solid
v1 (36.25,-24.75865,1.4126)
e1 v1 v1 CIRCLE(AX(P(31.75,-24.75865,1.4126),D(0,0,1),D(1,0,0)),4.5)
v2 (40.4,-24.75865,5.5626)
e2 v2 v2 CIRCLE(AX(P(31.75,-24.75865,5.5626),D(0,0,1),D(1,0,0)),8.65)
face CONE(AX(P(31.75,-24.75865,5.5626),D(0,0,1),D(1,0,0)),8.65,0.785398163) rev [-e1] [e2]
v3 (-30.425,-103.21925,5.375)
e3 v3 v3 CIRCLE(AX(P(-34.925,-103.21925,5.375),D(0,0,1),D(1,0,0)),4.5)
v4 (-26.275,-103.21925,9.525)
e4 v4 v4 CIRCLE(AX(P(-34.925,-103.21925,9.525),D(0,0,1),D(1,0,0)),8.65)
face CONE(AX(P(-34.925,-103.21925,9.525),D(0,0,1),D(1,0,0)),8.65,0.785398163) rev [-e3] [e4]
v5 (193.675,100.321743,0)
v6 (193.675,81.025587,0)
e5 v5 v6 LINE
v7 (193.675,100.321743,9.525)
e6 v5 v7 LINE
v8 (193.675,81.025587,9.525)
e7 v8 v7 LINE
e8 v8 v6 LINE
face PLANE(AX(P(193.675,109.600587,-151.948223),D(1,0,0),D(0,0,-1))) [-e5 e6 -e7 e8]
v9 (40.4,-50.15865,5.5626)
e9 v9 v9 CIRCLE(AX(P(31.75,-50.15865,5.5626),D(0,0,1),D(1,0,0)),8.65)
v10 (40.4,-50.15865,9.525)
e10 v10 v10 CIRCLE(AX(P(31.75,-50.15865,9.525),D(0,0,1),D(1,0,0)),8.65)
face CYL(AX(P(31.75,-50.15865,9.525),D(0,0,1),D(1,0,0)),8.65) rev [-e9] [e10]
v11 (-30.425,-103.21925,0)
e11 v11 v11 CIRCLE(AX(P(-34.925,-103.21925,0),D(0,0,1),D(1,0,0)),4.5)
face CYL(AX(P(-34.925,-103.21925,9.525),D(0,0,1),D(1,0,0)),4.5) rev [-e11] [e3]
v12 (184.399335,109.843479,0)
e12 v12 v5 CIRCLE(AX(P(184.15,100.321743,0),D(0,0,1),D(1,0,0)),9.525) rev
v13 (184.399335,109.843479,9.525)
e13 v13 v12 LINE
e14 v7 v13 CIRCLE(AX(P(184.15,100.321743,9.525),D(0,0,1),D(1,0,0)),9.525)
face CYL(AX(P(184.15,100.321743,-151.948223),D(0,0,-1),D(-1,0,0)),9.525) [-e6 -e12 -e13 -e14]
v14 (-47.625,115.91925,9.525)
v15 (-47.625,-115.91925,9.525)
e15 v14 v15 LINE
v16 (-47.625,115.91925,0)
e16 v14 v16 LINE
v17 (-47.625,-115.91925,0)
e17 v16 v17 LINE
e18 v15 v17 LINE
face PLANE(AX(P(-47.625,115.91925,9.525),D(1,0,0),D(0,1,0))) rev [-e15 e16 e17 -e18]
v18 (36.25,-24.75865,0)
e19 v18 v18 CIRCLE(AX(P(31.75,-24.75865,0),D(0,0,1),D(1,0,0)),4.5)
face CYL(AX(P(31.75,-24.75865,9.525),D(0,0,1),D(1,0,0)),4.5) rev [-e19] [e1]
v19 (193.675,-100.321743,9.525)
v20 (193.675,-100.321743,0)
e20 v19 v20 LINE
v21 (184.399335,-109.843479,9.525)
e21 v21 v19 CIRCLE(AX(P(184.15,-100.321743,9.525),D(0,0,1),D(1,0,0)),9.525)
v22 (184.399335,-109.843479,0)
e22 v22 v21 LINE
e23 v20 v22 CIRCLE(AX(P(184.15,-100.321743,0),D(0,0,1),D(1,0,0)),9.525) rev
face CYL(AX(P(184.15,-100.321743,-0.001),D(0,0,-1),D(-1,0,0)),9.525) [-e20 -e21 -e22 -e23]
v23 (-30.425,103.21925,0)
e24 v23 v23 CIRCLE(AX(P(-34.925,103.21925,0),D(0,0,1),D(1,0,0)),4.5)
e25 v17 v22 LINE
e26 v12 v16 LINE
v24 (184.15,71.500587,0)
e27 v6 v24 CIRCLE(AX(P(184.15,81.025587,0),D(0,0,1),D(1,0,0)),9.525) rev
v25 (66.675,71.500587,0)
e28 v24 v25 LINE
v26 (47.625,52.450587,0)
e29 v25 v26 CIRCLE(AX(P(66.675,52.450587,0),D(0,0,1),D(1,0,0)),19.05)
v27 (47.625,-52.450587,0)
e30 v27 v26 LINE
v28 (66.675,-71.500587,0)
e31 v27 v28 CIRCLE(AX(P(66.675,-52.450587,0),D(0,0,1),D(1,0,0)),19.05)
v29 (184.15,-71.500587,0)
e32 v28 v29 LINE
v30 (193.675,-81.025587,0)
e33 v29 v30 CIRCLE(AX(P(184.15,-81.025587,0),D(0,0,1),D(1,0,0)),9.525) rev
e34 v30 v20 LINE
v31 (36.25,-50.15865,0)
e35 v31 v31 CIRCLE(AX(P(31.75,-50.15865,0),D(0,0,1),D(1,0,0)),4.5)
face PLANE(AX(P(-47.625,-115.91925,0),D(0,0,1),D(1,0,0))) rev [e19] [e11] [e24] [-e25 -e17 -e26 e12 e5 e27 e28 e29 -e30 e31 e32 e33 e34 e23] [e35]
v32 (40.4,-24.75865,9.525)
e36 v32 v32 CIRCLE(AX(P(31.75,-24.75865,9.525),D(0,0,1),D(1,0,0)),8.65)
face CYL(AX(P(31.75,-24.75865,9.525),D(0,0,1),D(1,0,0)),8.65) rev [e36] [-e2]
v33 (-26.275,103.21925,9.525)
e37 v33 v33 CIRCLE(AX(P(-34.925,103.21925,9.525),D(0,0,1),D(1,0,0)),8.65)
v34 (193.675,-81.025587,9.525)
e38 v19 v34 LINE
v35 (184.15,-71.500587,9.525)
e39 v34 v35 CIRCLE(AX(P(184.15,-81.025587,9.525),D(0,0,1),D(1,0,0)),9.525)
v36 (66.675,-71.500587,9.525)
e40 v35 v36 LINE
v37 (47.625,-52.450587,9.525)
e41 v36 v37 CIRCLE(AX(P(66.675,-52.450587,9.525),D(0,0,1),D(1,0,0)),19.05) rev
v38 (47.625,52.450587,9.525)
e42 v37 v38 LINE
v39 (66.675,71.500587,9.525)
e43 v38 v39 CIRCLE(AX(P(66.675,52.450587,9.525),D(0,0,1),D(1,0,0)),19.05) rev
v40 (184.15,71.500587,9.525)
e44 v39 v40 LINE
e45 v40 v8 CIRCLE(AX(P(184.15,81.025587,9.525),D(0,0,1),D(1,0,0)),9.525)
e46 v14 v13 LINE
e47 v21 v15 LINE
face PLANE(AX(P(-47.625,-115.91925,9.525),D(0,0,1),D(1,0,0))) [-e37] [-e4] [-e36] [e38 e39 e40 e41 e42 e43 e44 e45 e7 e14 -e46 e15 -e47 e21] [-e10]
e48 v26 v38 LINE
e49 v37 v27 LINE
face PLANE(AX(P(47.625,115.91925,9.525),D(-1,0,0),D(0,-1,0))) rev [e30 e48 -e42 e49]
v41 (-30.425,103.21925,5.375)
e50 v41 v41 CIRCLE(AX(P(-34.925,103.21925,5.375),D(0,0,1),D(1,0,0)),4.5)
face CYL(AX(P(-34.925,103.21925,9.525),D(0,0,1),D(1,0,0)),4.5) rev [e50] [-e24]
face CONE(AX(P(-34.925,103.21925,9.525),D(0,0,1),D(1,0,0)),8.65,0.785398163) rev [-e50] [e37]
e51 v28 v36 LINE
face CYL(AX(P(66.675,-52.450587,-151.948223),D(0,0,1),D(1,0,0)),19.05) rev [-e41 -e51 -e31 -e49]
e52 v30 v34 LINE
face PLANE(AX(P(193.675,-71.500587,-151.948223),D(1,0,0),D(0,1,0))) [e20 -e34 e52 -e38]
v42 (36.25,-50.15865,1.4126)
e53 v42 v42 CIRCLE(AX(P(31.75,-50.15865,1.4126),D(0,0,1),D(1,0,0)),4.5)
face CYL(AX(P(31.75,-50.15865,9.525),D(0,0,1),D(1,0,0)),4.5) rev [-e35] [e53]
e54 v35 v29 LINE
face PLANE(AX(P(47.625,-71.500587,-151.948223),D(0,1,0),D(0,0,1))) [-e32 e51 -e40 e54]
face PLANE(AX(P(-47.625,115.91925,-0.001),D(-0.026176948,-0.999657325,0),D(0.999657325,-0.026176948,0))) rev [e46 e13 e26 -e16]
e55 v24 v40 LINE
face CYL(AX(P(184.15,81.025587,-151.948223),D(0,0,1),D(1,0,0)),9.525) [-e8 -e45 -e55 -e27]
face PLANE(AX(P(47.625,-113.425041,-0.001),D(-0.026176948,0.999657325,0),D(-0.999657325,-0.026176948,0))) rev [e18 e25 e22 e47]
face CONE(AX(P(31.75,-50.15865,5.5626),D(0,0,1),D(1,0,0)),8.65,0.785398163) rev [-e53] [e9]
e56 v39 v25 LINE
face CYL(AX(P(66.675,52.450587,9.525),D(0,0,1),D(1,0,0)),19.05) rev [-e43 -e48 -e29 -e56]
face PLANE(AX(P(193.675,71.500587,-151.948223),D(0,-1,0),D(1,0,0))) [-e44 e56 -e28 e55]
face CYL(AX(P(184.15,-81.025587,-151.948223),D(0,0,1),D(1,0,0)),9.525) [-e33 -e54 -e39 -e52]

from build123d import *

# Parameters (mm, degrees)
SKETCH1_W                                       = 95.25
SKETCH1_H                                       = 231.8385
EXTRUDE1_DEPTH                                  = 9.525
CSK_FOR_M8_FLAT_HEAD_MACHINE_SCREW1_AT_2_COUNT  = 2
CSK_FOR_M8_FLAT_HEAD_MACHINE_SCREW1_AT_2_PITCH  = 25.4
CSK_FOR_M8_FLAT_HEAD_MACHINE_SCREW2_D           = 9
CSK_FOR_M8_FLAT_HEAD_MACHINE_SCREW2_CSINK_D     = 17.3
CSK_FOR_M8_FLAT_HEAD_MACHINE_SCREW2_CSINK_ANGLE = 90
CUT_EXTRUDE1_REACH                              = 11.525
BOSS_EXTRUDE1_DEPTH                             = 9.525
FILLET1_R                                       = 9.525
FILLET2_R                                       = 19.05


with BuildPart() as part:
    # Sketch1 → Extrude1 (new body)
    with BuildSketch(Plane.XY):
        Rectangle(SKETCH1_W, SKETCH1_H)
    extrude(amount=EXTRUDE1_DEPTH)

    # Sketch2 → CSK for M8 Flat Head Machine Screw1 (revolve, cut)
    with BuildSketch(Plane(origin=(31.75, -50.15865, 9.525), x_dir=(0, -1, 0), z_dir=(1, 0, 0))):
        Polygon((0, 0), (0, 9.525), (4.5, 9.525), (4.5, 8.1124), (8.65, 3.9624), (8.65, 0), align=None)
    csk_for_m8_flat_head_machine_screw1 = revolve(axis=Axis((31.75, -50.15865, 15.875), (0, 0, -1)), mode=Mode.SUBTRACT)

    # CSK for M8 Flat Head Machine Screw1 at 2: CSK for M8 Flat Head Machine Screw1 ×2
    with Locations(*[(0, i * CSK_FOR_M8_FLAT_HEAD_MACHINE_SCREW1_AT_2_PITCH, 0) for i in range(1, CSK_FOR_M8_FLAT_HEAD_MACHINE_SCREW1_AT_2_COUNT)]):
        add(csk_for_m8_flat_head_machine_screw1, mode=Mode.SUBTRACT)

    # CSK for M8 Flat Head Machine Screw2 (through all)
    with Locations(Plane.XY.offset(9.525)):
        with Locations((-34.925, 103.21925), (-34.925, -103.21925)):
            CounterSinkHole(CSK_FOR_M8_FLAT_HEAD_MACHINE_SCREW2_D / 2, CSK_FOR_M8_FLAT_HEAD_MACHINE_SCREW2_CSINK_D / 2, counter_sink_angle=CSK_FOR_M8_FLAT_HEAD_MACHINE_SCREW2_CSINK_ANGLE)

    # Sketch11 → Cut-Extrude1 (cut, up to next)
    with BuildSketch(Plane.XY.offset(9.525), mode=Mode.PRIVATE) as cut_extrude1_sk1:
        Polygon((-47.625, 115.91925), (47.625, 113.425040971), (47.625, 115.91925), align=None)
    cut_extrude1_tool1 = extrude(cut_extrude1_sk1.sketch, amount=-CUT_EXTRUDE1_REACH, mode=Mode.PRIVATE) & part.part
    add(cut_extrude1_tool1.solids().sort_by_distance((15.875, 115.087847, 9.525))[0], mode=Mode.SUBTRACT)
    # Sketch11 → Cut-Extrude1 (cut, up to next)
    with BuildSketch(Plane.XY.offset(9.525), mode=Mode.PRIVATE) as cut_extrude1_sk2:
        Polygon((-47.625, -115.91925), (47.625, -115.91925), (47.625, -113.425040971), align=None)
    cut_extrude1_tool2 = extrude(cut_extrude1_sk2.sketch, amount=-CUT_EXTRUDE1_REACH, mode=Mode.PRIVATE) & part.part
    add(cut_extrude1_tool2.solids().sort_by_distance((15.875, -115.087847, 9.525))[0], mode=Mode.SUBTRACT)

    # Sketch12 → Boss-Extrude1 (add)
    with BuildSketch(Plane.XY.offset(9.525)):
        Polygon((47.625, 113.425040971), (193.675, 109.600587125), (193.675, 71.500587125), (47.625, 71.500587125), align=None)
        Polygon((47.625, -71.500587125), (193.675, -71.500587125), (193.675, -109.600587125), (47.625, -113.425040971), align=None)
    extrude(amount=-BOSS_EXTRUDE1_DEPTH)

    # Fillet1
    fillet1_edges = [part.edges().sort_by_distance(p)[0] for p in [
        (193.675, 109.600587125, 4.7625),
        (193.675, 71.500587125, 4.7625),
        (193.675, -71.500587125, 4.7625),
        (193.675, -109.600587125, 4.7625),
    ]]
    fillet(fillet1_edges, radius=FILLET1_R)

    # Fillet2
    fillet2_edges = [part.edges().sort_by_distance(p)[0] for p in [
        (47.625, 71.500587125, 4.7625),
        (47.625, -71.500587125, 4.7625),
    ]]
    fillet(fillet2_edges, radius=FILLET2_R)


solid = part.part
